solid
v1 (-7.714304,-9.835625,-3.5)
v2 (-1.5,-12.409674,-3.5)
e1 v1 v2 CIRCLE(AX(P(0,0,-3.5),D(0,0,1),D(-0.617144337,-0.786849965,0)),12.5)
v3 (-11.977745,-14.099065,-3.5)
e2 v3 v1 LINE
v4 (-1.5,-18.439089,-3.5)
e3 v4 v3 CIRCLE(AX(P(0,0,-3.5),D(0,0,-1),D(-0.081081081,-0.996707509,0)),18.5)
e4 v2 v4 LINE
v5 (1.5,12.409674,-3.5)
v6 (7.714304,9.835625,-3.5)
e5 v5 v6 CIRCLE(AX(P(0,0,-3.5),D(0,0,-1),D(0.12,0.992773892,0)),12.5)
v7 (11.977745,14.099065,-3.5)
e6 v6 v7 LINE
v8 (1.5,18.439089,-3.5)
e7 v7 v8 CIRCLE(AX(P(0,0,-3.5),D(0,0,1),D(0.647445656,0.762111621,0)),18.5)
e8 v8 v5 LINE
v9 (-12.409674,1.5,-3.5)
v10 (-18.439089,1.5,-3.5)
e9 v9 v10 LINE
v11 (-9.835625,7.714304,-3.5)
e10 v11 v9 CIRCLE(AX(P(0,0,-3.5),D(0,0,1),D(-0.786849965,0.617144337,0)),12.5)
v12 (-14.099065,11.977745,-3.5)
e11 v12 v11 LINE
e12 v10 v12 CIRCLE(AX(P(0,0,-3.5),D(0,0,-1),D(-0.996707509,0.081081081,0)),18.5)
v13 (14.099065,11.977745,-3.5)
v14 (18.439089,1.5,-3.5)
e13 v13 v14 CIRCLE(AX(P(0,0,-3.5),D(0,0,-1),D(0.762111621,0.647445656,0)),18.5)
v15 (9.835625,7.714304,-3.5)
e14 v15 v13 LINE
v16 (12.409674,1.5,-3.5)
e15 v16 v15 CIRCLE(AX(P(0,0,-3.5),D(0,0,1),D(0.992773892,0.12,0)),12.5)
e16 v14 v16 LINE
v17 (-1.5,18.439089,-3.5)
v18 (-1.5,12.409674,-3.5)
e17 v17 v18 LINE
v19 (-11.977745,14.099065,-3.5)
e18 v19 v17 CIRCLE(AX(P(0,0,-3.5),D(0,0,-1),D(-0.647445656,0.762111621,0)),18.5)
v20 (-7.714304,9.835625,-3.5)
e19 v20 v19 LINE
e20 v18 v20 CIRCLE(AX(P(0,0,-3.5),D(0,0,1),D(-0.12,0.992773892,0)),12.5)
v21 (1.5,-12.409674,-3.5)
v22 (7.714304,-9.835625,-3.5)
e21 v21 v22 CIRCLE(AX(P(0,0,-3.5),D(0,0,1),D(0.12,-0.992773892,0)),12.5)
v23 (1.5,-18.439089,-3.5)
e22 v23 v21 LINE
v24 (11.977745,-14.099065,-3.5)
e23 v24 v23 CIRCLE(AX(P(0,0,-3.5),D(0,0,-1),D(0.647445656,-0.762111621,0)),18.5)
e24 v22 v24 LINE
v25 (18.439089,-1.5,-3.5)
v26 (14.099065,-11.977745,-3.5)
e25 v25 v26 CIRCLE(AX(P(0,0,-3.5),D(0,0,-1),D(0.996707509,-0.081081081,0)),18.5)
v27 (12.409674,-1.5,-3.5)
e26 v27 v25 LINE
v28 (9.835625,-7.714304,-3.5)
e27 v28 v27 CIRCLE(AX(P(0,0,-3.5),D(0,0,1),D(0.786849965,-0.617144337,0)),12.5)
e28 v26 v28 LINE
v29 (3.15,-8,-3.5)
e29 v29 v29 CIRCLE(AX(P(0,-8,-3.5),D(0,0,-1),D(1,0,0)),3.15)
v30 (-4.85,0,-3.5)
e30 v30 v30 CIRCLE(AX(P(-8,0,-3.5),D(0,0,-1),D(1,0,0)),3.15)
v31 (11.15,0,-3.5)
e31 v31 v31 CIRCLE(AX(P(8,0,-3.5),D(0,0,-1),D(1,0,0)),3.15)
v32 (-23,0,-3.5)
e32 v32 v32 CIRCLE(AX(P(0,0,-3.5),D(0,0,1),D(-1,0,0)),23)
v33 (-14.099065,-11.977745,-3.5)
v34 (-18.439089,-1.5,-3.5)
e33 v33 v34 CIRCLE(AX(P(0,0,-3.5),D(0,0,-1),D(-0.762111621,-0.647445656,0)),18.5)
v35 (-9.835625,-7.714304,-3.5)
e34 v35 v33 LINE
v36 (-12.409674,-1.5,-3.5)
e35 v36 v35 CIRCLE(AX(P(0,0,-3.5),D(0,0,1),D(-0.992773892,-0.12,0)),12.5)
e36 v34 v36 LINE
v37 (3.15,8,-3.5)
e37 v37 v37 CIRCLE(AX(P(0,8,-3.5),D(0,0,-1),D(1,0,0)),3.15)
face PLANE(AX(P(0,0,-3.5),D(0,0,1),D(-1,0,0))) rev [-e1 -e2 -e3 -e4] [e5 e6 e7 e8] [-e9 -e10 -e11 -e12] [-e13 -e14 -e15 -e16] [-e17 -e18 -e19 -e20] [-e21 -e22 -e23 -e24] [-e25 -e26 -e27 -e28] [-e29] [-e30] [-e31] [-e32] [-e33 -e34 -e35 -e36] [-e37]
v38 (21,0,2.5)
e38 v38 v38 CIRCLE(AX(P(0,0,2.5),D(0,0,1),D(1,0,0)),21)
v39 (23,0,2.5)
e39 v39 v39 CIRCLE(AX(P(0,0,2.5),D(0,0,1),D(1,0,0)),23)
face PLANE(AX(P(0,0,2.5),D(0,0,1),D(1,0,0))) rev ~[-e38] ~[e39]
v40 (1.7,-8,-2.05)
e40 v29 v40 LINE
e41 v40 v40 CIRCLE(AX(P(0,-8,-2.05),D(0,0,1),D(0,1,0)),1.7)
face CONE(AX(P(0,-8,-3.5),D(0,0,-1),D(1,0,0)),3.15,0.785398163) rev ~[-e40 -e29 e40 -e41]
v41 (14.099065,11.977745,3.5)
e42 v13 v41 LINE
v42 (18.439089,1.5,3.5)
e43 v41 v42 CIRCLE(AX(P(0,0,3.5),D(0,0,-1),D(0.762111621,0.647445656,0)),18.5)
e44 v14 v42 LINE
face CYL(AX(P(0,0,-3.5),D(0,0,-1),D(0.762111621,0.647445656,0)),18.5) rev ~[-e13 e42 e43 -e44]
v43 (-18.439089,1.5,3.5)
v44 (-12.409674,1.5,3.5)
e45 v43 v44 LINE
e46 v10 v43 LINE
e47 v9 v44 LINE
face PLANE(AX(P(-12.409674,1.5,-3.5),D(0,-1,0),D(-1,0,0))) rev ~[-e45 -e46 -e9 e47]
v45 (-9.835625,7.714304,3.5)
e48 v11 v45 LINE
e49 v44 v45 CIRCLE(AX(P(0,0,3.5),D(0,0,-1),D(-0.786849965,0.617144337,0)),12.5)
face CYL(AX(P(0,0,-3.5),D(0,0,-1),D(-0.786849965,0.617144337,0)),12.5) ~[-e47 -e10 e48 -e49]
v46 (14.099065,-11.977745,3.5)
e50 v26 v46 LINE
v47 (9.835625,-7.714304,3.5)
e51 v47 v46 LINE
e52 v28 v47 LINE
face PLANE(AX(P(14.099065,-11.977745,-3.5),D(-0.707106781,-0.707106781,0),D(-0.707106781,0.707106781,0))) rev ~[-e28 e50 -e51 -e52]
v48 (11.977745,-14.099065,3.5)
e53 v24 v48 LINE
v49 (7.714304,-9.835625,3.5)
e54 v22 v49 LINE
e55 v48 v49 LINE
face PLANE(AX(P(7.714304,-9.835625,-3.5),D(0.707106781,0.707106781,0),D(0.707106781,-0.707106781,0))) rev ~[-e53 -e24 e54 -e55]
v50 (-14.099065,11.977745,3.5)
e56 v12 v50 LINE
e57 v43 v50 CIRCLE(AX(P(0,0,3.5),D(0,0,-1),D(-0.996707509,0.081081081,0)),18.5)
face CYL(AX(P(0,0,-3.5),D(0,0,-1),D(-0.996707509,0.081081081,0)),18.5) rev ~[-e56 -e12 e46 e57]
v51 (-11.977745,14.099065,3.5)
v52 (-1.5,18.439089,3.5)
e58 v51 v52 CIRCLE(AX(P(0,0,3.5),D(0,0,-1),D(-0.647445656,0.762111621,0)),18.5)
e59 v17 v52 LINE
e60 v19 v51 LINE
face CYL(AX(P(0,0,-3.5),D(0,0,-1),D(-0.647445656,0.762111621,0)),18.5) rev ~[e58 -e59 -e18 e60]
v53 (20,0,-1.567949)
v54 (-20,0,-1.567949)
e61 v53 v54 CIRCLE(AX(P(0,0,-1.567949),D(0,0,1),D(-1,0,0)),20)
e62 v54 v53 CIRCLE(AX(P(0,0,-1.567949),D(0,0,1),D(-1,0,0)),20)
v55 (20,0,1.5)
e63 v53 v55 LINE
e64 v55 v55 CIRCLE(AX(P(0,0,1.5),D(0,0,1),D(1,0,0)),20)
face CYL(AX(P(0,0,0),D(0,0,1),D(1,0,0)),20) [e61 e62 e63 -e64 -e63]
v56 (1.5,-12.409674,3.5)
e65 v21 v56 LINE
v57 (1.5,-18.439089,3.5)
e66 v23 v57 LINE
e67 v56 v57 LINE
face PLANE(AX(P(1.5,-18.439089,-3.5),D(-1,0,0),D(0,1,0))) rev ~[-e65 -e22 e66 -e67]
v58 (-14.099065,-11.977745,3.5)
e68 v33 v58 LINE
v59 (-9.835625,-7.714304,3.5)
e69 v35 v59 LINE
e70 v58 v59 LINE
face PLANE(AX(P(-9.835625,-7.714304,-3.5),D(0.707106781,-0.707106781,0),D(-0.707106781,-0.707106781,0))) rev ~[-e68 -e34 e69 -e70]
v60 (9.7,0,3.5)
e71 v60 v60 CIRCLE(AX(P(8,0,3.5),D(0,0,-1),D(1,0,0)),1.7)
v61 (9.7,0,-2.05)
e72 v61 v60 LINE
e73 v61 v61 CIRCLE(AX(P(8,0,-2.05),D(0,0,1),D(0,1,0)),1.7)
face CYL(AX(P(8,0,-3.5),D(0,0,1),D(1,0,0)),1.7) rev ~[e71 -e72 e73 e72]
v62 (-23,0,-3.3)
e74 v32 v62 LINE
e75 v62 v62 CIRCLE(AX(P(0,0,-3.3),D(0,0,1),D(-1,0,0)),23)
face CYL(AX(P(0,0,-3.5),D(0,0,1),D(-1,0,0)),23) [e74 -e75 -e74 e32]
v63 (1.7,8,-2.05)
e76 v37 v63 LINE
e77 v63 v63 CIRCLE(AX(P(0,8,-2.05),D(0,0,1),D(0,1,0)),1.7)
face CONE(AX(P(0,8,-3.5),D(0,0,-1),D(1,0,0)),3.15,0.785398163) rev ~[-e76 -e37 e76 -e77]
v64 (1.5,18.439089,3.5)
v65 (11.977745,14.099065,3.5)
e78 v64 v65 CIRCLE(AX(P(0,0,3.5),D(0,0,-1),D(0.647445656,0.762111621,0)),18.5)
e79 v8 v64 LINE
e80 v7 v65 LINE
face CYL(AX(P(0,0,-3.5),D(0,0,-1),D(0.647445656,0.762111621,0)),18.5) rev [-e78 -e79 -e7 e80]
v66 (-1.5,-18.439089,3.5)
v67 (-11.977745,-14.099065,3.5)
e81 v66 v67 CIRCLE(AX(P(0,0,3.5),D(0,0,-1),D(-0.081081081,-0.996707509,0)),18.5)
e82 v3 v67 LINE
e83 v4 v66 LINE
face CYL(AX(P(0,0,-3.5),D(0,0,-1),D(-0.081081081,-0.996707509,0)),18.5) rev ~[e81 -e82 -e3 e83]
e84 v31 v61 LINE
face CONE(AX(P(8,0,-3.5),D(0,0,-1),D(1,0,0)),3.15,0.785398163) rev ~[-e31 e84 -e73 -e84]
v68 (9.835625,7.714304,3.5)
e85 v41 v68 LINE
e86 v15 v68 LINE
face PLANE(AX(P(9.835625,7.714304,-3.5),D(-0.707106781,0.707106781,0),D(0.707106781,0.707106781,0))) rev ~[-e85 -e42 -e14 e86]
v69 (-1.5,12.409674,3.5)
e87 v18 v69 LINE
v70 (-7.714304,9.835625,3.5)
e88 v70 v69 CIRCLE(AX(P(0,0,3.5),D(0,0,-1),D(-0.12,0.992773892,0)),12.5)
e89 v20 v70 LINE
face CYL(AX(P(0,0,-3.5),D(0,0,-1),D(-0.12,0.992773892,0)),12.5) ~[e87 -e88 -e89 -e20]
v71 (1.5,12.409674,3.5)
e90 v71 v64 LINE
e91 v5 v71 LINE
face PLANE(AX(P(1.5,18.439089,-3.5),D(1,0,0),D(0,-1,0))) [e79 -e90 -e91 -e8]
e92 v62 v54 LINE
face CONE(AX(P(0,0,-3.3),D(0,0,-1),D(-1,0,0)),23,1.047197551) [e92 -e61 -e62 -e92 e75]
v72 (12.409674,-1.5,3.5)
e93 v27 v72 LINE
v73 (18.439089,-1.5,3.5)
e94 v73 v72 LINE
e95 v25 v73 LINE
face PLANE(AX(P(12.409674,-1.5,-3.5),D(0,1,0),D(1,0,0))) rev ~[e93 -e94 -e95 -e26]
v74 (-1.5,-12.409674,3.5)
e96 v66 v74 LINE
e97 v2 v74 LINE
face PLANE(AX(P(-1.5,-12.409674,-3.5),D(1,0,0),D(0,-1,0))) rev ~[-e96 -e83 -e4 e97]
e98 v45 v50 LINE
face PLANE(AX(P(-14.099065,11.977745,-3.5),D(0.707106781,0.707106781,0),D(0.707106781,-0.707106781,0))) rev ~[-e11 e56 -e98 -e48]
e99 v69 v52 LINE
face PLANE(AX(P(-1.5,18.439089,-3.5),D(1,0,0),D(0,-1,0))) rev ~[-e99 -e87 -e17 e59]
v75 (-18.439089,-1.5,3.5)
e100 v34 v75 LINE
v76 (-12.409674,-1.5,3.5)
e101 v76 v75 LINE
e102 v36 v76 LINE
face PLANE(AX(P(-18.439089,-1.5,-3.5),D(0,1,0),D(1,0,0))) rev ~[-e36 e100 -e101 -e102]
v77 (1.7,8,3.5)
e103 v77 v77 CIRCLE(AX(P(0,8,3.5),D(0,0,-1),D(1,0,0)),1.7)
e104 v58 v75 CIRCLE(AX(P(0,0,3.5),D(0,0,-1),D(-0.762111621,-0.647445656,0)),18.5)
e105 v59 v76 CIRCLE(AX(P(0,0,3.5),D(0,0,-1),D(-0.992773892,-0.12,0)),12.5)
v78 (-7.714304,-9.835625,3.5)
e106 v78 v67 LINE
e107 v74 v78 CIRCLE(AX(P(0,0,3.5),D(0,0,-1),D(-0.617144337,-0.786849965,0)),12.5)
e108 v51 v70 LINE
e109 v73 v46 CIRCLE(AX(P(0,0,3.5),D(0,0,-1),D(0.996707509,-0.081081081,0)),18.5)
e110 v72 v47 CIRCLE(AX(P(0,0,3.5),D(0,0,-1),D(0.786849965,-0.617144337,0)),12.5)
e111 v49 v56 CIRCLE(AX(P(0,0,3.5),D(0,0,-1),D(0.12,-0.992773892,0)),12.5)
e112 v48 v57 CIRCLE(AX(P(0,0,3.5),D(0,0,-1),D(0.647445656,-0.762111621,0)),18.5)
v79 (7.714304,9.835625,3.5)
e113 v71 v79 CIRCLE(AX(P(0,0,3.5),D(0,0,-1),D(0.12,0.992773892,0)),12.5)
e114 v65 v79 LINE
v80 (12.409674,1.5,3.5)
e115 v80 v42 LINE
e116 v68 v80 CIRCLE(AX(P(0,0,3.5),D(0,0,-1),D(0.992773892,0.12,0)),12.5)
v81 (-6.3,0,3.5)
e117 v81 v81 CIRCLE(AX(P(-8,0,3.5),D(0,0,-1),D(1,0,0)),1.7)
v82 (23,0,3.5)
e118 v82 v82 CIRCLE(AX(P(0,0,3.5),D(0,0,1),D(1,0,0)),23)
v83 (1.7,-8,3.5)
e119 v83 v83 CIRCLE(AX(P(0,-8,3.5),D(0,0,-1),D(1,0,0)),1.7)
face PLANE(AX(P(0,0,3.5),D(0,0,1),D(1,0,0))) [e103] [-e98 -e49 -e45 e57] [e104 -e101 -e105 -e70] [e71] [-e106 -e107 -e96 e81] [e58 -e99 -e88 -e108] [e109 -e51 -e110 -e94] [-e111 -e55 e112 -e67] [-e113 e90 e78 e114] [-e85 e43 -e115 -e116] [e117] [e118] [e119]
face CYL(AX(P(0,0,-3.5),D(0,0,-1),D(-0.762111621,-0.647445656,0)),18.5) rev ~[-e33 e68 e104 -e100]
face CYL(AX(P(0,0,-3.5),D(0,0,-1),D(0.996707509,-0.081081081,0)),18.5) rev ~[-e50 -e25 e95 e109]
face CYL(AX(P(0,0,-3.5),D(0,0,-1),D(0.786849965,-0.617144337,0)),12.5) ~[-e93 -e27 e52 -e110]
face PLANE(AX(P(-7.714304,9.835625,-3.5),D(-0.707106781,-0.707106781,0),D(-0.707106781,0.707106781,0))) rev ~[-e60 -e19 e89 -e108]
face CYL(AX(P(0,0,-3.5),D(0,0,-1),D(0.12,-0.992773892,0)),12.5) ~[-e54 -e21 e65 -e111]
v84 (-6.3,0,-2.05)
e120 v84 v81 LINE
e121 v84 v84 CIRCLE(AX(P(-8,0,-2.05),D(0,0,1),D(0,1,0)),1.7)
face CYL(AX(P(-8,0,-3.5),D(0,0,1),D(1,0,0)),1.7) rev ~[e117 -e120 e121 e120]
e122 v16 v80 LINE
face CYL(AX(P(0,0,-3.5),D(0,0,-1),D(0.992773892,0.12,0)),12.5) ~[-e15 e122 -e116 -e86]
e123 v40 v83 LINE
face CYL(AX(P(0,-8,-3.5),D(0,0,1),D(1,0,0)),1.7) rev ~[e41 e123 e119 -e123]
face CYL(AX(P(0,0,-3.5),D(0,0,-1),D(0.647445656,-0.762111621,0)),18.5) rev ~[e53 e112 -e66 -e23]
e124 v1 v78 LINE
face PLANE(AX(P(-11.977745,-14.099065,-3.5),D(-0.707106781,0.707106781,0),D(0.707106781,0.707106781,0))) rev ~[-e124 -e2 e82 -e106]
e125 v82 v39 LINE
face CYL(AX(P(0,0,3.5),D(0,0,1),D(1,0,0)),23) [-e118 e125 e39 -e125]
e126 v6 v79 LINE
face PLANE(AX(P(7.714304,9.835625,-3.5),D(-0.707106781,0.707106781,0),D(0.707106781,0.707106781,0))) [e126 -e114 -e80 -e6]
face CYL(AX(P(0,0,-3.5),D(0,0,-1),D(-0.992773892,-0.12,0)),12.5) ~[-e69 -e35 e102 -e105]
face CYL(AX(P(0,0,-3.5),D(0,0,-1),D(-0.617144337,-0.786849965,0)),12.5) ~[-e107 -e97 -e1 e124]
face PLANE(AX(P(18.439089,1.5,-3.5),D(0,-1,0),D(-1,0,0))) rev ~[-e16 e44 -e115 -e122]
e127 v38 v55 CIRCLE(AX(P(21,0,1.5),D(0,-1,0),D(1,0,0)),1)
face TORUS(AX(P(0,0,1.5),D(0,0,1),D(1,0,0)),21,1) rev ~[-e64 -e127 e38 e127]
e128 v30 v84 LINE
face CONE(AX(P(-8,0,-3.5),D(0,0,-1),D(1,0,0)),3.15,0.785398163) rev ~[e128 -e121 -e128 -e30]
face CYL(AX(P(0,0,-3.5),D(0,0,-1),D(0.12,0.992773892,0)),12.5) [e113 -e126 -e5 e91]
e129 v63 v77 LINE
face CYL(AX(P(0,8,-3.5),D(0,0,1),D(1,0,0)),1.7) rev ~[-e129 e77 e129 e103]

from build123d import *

# Parameters (mm, degrees)
SKETCH1_R                                       = 20
BOSS_EXTRUDE1_DEPTH                             = 3.5
SKETCH4_R                                       = 23
BOSS_EXTRUDE2_DEPTH                             = 1
FILLET1_R                                       = 1
CSK_FOR_M3_FLAT_HEAD_MACHINE_SCREW1_D           = 3.4
CSK_FOR_M3_FLAT_HEAD_MACHINE_SCREW1_DEPTH       = 7
CSK_FOR_M3_FLAT_HEAD_MACHINE_SCREW1_CSINK_D     = 6.3
CSK_FOR_M3_FLAT_HEAD_MACHINE_SCREW1_CSINK_ANGLE = 90
CSK_FOR_M3_FLAT_HEAD_MACHINE_SCREW1_TIP         = 1.021463052
CUT_EXTRUDE1_DEPTH                              = 8


with BuildPart() as part:
    # Sketch1 → Boss-Extrude1 (new body, symmetric)
    with BuildSketch(Plane.XY):
        Circle(SKETCH1_R)
    extrude(amount=BOSS_EXTRUDE1_DEPTH, both=True)

    # Sketch3 → Revolve1 (revolve)
    with BuildSketch(Plane(origin=(0, 0, 0), x_dir=(1, 0, 0), z_dir=(0, 1, 0))):
        Polygon((-20, 3.5), (-23, 3.5), (-23, 3.3), (-20, 1.567949192), align=None)
    revolve(axis=Axis((0, 0, -3.5), (0, 0, 1)))

    # Sketch4 → Boss-Extrude2 (add)
    with BuildSketch(Plane.XY.offset(3.5)):
        Circle(SKETCH4_R)
    extrude(amount=-BOSS_EXTRUDE2_DEPTH)

    # Fillet1
    fillet1_edges = [part.edges().sort_by_distance(p)[0] for p in [
        (-20, 0, 2.5),
    ]]
    fillet(fillet1_edges, radius=FILLET1_R)

    # CSK for M3 Flat Head Machine Screw1
    with Locations(Plane(origin=(0, 0, -3.5), x_dir=(-1, 0, 0), z_dir=(0, 0, -1))):
        with Locations((0, 8), (-8, 0), (0, -8), (8, 0)):
            CounterSinkHole(CSK_FOR_M3_FLAT_HEAD_MACHINE_SCREW1_D / 2, CSK_FOR_M3_FLAT_HEAD_MACHINE_SCREW1_CSINK_D / 2, depth=CSK_FOR_M3_FLAT_HEAD_MACHINE_SCREW1_DEPTH, counter_sink_angle=CSK_FOR_M3_FLAT_HEAD_MACHINE_SCREW1_CSINK_ANGLE)
            with Locations((0, 0, -(CSK_FOR_M3_FLAT_HEAD_MACHINE_SCREW1_DEPTH + CSK_FOR_M3_FLAT_HEAD_MACHINE_SCREW1_TIP / 2))):  # 118° drill point
                Cone(0, CSK_FOR_M3_FLAT_HEAD_MACHINE_SCREW1_D / 2, CSK_FOR_M3_FLAT_HEAD_MACHINE_SCREW1_TIP, mode=Mode.SUBTRACT)

    # Sketch8 → Cut-Extrude1 (cut, through all)
    with BuildSketch(Plane(origin=(0, 0, -3.5), x_dir=(-1, 0, 0), z_dir=(0, 0, -1))):
        with BuildLine():
            Line((-1.5, 18.439088915), (-1.5, 12.409673646))
            ThreePointArc((-1.5, 12.409673646), (-4.783542905, 11.548494156), (-7.714304216, 9.835624559))
            Line((-7.714304216, 9.835624559), (-11.977744639, 14.099064982))
            ThreePointArc((-11.977744639, 14.099064982), (-7.079643499, 17.091771351), (-1.5, 18.439088915))
        make_face()
        with BuildLine():
            Line((1.5, 18.439088915), (1.5, 12.409673646))
            ThreePointArc((1.5, 12.409673646), (4.783542905, 11.548494156), (7.714304216, 9.835624559))
            Line((7.714304216, 9.835624559), (11.977744639, 14.099064982))
            ThreePointArc((11.977744639, 14.099064982), (7.079643499, 17.091771351), (1.5, 18.439088915))
        make_face()
        with BuildLine():
            Line((14.099064982, 11.977744639), (9.835624559, 7.714304216))
            ThreePointArc((9.835624559, 7.714304216), (11.548494156, 4.783542905), (12.409673646, 1.5))
            Line((12.409673646, 1.5), (18.439088915, 1.5))
            ThreePointArc((18.439088915, 1.5), (17.091771351, 7.079643499), (14.099064982, 11.977744639))
        make_face()
        with BuildLine():
            Line((18.439088915, -1.5), (12.409673646, -1.5))
            ThreePointArc((12.409673646, -1.5), (11.548494156, -4.783542905), (9.835624559, -7.714304216))
            Line((9.835624559, -7.714304216), (14.099064982, -11.977744639))
            ThreePointArc((14.099064982, -11.977744639), (17.091771351, -7.079643499), (18.439088915, -1.5))
        make_face()
        with BuildLine():
            Line((11.977744639, -14.099064982), (7.714304216, -9.835624559))
            ThreePointArc((7.714304216, -9.835624559), (4.783542905, -11.548494156), (1.5, -12.409673646))
            Line((1.5, -12.409673646), (1.5, -18.439088915))
            ThreePointArc((1.5, -18.439088915), (7.079643499, -17.091771351), (11.977744639, -14.099064982))
        make_face()
        with BuildLine():
            Line((-1.5, -18.439088915), (-1.5, -12.409673646))
            ThreePointArc((-1.5, -12.409673646), (-4.783542905, -11.548494156), (-7.714304216, -9.835624559))
            Line((-7.714304216, -9.835624559), (-11.977744639, -14.099064982))
            ThreePointArc((-11.977744639, -14.099064982), (-7.079643499, -17.091771351), (-1.5, -18.439088915))
        make_face()
        with BuildLine():
            Line((-14.099064982, -11.977744639), (-9.835624559, -7.714304216))
            ThreePointArc((-9.835624559, -7.714304216), (-11.548494156, -4.783542905), (-12.409673646, -1.5))
            Line((-12.409673646, -1.5), (-18.439088915, -1.5))
            ThreePointArc((-18.439088915, -1.5), (-17.091771351, -7.079643499), (-14.099064982, -11.977744639))
        make_face()
        with BuildLine():
            Line((-18.439088915, 1.5), (-12.409673646, 1.5))
            ThreePointArc((-12.409673646, 1.5), (-11.548494156, 4.783542905), (-9.835624559, 7.714304216))
            Line((-9.835624559, 7.714304216), (-14.099064982, 11.977744639))
            ThreePointArc((-14.099064982, 11.977744639), (-17.091771351, 7.079643499), (-18.439088915, 1.5))
        make_face()
    extrude(amount=-CUT_EXTRUDE1_DEPTH, mode=Mode.SUBTRACT)


solid = part.part
